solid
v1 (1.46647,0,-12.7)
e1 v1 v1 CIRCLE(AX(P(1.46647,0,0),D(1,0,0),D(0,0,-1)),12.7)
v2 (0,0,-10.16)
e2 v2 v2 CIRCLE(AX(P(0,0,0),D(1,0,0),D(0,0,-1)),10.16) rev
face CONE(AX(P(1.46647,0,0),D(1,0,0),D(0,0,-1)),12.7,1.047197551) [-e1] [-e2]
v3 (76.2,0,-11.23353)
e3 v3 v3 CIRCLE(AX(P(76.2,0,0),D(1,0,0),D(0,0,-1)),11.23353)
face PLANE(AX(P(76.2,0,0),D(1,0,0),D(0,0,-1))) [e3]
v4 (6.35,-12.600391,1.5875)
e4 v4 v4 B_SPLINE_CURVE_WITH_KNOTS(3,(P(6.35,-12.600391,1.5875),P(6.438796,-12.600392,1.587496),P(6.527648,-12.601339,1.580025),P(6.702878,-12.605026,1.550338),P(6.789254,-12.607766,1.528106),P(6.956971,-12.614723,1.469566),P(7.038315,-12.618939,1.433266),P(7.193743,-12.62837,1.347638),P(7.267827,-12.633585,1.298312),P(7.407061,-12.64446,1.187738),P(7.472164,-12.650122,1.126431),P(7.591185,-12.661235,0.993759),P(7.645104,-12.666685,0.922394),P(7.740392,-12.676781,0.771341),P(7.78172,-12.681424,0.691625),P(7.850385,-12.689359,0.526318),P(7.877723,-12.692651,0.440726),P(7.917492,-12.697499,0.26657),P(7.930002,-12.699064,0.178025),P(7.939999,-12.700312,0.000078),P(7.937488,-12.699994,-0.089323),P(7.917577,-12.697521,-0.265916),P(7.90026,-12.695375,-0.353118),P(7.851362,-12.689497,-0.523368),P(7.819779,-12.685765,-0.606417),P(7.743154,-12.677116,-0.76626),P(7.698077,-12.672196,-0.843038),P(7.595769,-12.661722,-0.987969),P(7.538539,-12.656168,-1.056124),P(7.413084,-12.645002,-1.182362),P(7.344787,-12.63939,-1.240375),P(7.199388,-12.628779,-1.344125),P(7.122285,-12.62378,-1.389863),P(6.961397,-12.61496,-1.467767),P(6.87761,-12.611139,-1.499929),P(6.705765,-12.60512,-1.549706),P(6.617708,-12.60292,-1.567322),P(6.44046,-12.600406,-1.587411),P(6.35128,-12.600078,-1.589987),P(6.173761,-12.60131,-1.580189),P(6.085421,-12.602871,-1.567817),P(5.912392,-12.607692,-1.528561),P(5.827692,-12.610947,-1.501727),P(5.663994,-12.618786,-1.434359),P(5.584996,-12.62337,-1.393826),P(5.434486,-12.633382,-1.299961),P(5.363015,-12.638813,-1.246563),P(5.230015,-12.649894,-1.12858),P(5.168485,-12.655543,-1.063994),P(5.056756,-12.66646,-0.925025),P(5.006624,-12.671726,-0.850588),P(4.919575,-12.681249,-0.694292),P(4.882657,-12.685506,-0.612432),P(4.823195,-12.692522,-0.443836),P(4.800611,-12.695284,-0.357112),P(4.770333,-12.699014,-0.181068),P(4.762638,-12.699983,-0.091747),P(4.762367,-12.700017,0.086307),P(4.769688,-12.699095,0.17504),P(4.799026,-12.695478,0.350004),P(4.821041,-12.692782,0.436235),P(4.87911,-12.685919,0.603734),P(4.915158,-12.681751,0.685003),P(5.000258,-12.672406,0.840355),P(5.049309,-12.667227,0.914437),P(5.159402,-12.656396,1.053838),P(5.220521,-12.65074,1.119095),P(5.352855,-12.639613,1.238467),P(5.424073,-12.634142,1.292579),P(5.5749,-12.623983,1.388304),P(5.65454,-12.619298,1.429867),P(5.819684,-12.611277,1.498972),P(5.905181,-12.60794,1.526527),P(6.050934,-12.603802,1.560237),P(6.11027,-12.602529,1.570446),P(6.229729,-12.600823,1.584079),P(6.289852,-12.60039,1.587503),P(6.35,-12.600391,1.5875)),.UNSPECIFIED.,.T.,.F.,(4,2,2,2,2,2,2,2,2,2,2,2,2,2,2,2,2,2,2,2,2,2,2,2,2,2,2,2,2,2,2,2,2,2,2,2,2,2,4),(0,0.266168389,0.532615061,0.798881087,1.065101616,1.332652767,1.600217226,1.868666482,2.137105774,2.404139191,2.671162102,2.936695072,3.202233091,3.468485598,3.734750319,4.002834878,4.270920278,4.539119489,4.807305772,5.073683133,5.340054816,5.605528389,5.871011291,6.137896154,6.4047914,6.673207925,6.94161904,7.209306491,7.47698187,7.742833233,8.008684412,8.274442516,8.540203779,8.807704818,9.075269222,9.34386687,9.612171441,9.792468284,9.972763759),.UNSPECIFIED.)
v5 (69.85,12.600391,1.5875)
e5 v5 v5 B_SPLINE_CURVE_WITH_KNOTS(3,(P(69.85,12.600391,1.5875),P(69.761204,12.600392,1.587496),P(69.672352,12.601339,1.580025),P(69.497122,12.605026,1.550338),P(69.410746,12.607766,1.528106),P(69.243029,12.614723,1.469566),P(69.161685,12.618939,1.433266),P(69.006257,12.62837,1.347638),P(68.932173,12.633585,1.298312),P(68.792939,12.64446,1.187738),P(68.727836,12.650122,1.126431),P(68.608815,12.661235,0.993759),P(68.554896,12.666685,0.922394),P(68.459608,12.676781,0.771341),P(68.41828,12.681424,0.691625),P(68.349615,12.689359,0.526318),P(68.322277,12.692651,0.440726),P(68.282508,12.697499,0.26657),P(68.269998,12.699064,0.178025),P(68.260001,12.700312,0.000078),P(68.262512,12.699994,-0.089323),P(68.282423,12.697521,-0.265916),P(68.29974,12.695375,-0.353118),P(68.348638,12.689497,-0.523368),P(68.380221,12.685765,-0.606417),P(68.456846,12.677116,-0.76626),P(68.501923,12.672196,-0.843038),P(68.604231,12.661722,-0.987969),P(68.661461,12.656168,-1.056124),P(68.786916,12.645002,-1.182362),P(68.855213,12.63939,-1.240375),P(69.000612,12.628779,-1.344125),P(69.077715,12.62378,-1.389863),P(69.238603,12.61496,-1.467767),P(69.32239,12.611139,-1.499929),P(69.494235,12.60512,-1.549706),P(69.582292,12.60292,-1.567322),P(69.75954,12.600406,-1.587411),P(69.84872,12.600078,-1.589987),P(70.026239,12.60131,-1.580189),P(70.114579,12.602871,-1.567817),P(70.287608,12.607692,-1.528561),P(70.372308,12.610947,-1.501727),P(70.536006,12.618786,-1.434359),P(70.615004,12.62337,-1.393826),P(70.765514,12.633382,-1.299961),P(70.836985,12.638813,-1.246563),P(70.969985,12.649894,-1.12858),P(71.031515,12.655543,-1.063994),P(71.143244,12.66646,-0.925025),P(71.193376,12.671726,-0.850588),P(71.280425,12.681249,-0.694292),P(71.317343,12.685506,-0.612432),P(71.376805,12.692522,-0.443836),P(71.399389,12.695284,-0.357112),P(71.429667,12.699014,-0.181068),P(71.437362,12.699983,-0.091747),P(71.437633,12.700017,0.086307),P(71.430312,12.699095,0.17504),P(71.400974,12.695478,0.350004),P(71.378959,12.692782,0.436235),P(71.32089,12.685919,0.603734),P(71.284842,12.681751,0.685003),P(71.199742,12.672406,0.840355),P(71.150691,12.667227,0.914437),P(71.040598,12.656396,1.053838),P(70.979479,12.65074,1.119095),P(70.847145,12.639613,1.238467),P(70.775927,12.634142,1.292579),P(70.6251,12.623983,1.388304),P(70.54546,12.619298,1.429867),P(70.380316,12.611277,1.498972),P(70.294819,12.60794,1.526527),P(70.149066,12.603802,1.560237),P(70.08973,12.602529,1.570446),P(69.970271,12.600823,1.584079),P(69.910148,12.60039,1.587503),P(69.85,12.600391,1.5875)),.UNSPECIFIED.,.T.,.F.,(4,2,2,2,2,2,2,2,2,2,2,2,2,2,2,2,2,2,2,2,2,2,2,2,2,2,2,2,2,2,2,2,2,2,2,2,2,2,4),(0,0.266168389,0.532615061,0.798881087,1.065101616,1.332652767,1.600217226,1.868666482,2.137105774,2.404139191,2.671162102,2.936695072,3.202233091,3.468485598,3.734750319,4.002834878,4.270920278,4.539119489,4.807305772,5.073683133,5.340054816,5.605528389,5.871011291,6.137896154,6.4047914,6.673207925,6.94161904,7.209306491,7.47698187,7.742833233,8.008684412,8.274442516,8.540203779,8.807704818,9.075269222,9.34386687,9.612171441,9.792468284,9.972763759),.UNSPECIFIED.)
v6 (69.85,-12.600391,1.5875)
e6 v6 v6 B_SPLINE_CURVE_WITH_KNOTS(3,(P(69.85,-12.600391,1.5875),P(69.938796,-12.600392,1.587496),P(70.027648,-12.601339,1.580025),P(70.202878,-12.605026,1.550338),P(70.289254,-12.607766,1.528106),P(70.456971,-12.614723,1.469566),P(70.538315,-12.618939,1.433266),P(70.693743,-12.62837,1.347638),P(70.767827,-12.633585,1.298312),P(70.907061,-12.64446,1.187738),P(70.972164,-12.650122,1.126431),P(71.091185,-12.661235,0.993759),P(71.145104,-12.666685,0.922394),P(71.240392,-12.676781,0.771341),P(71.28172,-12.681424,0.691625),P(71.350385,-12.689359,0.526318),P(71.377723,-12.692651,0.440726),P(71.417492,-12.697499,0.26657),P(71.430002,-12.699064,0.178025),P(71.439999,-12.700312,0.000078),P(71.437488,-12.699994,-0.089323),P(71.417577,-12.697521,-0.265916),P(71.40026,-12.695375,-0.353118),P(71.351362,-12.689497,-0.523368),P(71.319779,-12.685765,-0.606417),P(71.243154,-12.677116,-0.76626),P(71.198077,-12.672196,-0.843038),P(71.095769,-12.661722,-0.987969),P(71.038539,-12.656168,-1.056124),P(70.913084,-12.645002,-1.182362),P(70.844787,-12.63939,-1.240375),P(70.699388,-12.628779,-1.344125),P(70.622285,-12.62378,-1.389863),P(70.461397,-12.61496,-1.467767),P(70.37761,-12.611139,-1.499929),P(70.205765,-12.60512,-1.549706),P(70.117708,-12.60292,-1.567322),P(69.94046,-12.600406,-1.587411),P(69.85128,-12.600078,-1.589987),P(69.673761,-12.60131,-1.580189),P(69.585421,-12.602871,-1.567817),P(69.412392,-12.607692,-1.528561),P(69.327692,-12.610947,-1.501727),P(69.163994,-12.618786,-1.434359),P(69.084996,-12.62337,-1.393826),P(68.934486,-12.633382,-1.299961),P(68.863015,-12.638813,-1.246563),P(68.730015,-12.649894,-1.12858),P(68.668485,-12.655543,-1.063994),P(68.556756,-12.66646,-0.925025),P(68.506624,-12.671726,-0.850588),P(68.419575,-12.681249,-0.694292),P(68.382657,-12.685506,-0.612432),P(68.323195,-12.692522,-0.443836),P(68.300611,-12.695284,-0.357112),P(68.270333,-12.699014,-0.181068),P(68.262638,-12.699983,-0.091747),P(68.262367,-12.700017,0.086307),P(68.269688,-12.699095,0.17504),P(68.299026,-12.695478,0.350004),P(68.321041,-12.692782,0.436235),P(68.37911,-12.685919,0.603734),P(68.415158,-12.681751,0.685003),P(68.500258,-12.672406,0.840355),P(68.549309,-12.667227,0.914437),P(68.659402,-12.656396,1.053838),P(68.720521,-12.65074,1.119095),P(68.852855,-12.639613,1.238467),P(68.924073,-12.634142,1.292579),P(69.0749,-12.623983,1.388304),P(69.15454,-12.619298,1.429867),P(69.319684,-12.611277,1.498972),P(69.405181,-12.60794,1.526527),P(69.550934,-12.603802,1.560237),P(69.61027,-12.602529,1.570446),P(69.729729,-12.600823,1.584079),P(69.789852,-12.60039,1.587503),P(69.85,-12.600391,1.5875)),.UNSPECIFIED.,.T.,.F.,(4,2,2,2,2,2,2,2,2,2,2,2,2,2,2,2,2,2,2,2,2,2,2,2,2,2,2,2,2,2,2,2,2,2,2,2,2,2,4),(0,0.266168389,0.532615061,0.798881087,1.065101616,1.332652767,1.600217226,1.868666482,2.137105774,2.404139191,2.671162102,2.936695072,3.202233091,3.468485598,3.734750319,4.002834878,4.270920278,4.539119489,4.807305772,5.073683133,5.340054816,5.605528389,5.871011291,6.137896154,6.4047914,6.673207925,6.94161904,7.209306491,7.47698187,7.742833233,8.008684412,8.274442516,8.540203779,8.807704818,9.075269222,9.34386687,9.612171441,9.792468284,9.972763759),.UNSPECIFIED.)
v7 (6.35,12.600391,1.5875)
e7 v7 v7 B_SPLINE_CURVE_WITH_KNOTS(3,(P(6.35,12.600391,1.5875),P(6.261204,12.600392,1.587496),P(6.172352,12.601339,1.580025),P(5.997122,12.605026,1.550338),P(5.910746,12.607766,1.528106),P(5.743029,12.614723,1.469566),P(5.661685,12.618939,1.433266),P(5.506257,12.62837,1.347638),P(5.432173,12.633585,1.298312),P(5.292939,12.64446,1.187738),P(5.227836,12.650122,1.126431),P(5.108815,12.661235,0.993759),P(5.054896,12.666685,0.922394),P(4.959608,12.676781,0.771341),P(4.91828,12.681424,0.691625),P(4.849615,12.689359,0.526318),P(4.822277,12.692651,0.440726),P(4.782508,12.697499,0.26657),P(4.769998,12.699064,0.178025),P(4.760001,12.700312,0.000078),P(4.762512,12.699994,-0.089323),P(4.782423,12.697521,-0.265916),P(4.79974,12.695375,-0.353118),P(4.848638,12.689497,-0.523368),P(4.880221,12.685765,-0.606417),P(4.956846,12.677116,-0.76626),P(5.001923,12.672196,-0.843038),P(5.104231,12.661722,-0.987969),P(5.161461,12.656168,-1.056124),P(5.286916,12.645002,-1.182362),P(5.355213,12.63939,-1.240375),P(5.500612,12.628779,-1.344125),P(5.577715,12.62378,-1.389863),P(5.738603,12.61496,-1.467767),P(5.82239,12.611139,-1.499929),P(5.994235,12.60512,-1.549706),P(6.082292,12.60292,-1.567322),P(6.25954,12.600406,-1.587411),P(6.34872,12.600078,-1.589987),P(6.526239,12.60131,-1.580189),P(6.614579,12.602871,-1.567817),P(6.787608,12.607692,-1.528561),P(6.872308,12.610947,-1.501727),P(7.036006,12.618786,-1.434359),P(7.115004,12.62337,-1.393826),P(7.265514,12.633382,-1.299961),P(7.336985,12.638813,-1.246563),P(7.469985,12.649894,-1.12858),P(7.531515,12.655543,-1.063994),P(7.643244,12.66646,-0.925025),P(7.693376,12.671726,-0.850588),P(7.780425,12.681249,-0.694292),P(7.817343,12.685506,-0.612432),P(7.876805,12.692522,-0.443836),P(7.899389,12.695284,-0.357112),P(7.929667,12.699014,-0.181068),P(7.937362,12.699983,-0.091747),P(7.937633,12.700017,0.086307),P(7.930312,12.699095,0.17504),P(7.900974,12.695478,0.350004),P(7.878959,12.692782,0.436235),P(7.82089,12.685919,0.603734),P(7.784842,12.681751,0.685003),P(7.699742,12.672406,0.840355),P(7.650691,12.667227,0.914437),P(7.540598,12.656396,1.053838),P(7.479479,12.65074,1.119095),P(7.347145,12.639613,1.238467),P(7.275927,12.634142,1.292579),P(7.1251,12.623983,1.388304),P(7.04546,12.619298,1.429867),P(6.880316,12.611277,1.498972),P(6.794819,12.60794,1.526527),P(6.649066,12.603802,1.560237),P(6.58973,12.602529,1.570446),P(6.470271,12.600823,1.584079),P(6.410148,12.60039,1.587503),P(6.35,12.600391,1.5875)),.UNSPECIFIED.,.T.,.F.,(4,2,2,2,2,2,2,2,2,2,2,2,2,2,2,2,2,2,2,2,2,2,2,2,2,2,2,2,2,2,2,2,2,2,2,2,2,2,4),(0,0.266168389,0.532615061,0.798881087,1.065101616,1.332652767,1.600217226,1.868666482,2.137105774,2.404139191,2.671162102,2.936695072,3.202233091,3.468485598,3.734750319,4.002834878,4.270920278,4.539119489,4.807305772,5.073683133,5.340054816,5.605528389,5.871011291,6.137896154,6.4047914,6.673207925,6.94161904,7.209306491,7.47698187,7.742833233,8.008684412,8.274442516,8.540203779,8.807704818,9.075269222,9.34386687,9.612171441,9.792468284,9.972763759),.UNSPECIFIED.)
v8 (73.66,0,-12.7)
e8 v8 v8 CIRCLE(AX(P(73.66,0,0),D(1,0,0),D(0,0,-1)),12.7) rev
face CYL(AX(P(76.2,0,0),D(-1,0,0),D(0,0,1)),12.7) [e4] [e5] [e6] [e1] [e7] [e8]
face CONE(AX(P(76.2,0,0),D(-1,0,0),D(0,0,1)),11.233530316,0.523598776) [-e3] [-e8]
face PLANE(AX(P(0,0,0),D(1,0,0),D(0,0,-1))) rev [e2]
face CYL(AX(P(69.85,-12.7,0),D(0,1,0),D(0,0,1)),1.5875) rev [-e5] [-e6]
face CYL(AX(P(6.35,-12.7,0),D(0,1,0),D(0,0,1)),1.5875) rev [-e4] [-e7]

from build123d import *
from OCP.BRepFilletAPI import BRepFilletAPI_MakeChamfer

# Parameters (mm, degrees)
SKETCH2_R               = 12.7
BOSS_EXTRUDE1_DEPTH     = 76.2
CHAMFER1_SIZE           = 2.54
CHAMFER1_SIZE2          = 1.466469684
CUT_EXTRUDE1_DEPTH      = 79.288057838
CUT_EXTRUDE1_DEPTH_BACK = 79.288057838
SKETCH6_R               = 1.5875


with BuildPart() as part:
    # Sketch2 → Boss-Extrude1 (new body)
    with BuildSketch(Plane(origin=(0, 0, 0), x_dir=(0, 0, -1), z_dir=(1, 0, 0))):
        with Locations(Location((0, 0, 0), (0, 0, 180))):
            Circle(SKETCH2_R)
    extrude(amount=BOSS_EXTRUDE1_DEPTH)

    # Chamfer1: one chamfer whose edges measure the first distance from different faces: ONE call of the kernel's chamfer builder (chamfer() names one face for all edges)
    chamfer1_edges_1 = [part.edges().sort_by_distance(p)[0] for p in [
        (0, 0, -12.7),
    ]]
    chamfer1_side_1 = [part.faces().sort_by_distance(p)[0] for p in [
        (0, 0, 0),
    ]]
    chamfer1_edges_2 = [part.edges().sort_by_distance(p)[0] for p in [
        (76.2, 0, -12.7),
    ]]
    chamfer1_side_2 = [part.faces().sort_by_distance(p)[0] for p in [
        (38.1, 0, -12.7),
    ]]
    chamfer1 = BRepFilletAPI_MakeChamfer(part.part.solid().wrapped)
    for e in chamfer1_edges_1:
        chamfer1.Add(CHAMFER1_SIZE, CHAMFER1_SIZE2, e.wrapped, chamfer1_side_1[0].wrapped)  # the first distance lies on this face
    for e in chamfer1_edges_2:
        chamfer1.Add(CHAMFER1_SIZE, CHAMFER1_SIZE2, e.wrapped, chamfer1_side_2[0].wrapped)  # the first distance lies on this face
    add(Compound.cast(chamfer1.Shape()), mode=Mode.REPLACE)

    # Sketch6 → Cut-Extrude1 (cut, two sides: drawn at the far end of the back side and taken through both)
    with BuildSketch(Plane(origin=(0, 0, 0), x_dir=(1, 0, 0), z_dir=(0, 1, 0)).offset(-CUT_EXTRUDE1_DEPTH_BACK)):
        with Locations(Location((6.35, 0, 0), (0, 0, 270))):
            Circle(SKETCH6_R)
        with Locations(Location((69.85, 0, 0), (0, 0, 270))):
            Circle(SKETCH6_R)
    extrude(amount=CUT_EXTRUDE1_DEPTH + CUT_EXTRUDE1_DEPTH_BACK, mode=Mode.SUBTRACT)


solid = part.part
